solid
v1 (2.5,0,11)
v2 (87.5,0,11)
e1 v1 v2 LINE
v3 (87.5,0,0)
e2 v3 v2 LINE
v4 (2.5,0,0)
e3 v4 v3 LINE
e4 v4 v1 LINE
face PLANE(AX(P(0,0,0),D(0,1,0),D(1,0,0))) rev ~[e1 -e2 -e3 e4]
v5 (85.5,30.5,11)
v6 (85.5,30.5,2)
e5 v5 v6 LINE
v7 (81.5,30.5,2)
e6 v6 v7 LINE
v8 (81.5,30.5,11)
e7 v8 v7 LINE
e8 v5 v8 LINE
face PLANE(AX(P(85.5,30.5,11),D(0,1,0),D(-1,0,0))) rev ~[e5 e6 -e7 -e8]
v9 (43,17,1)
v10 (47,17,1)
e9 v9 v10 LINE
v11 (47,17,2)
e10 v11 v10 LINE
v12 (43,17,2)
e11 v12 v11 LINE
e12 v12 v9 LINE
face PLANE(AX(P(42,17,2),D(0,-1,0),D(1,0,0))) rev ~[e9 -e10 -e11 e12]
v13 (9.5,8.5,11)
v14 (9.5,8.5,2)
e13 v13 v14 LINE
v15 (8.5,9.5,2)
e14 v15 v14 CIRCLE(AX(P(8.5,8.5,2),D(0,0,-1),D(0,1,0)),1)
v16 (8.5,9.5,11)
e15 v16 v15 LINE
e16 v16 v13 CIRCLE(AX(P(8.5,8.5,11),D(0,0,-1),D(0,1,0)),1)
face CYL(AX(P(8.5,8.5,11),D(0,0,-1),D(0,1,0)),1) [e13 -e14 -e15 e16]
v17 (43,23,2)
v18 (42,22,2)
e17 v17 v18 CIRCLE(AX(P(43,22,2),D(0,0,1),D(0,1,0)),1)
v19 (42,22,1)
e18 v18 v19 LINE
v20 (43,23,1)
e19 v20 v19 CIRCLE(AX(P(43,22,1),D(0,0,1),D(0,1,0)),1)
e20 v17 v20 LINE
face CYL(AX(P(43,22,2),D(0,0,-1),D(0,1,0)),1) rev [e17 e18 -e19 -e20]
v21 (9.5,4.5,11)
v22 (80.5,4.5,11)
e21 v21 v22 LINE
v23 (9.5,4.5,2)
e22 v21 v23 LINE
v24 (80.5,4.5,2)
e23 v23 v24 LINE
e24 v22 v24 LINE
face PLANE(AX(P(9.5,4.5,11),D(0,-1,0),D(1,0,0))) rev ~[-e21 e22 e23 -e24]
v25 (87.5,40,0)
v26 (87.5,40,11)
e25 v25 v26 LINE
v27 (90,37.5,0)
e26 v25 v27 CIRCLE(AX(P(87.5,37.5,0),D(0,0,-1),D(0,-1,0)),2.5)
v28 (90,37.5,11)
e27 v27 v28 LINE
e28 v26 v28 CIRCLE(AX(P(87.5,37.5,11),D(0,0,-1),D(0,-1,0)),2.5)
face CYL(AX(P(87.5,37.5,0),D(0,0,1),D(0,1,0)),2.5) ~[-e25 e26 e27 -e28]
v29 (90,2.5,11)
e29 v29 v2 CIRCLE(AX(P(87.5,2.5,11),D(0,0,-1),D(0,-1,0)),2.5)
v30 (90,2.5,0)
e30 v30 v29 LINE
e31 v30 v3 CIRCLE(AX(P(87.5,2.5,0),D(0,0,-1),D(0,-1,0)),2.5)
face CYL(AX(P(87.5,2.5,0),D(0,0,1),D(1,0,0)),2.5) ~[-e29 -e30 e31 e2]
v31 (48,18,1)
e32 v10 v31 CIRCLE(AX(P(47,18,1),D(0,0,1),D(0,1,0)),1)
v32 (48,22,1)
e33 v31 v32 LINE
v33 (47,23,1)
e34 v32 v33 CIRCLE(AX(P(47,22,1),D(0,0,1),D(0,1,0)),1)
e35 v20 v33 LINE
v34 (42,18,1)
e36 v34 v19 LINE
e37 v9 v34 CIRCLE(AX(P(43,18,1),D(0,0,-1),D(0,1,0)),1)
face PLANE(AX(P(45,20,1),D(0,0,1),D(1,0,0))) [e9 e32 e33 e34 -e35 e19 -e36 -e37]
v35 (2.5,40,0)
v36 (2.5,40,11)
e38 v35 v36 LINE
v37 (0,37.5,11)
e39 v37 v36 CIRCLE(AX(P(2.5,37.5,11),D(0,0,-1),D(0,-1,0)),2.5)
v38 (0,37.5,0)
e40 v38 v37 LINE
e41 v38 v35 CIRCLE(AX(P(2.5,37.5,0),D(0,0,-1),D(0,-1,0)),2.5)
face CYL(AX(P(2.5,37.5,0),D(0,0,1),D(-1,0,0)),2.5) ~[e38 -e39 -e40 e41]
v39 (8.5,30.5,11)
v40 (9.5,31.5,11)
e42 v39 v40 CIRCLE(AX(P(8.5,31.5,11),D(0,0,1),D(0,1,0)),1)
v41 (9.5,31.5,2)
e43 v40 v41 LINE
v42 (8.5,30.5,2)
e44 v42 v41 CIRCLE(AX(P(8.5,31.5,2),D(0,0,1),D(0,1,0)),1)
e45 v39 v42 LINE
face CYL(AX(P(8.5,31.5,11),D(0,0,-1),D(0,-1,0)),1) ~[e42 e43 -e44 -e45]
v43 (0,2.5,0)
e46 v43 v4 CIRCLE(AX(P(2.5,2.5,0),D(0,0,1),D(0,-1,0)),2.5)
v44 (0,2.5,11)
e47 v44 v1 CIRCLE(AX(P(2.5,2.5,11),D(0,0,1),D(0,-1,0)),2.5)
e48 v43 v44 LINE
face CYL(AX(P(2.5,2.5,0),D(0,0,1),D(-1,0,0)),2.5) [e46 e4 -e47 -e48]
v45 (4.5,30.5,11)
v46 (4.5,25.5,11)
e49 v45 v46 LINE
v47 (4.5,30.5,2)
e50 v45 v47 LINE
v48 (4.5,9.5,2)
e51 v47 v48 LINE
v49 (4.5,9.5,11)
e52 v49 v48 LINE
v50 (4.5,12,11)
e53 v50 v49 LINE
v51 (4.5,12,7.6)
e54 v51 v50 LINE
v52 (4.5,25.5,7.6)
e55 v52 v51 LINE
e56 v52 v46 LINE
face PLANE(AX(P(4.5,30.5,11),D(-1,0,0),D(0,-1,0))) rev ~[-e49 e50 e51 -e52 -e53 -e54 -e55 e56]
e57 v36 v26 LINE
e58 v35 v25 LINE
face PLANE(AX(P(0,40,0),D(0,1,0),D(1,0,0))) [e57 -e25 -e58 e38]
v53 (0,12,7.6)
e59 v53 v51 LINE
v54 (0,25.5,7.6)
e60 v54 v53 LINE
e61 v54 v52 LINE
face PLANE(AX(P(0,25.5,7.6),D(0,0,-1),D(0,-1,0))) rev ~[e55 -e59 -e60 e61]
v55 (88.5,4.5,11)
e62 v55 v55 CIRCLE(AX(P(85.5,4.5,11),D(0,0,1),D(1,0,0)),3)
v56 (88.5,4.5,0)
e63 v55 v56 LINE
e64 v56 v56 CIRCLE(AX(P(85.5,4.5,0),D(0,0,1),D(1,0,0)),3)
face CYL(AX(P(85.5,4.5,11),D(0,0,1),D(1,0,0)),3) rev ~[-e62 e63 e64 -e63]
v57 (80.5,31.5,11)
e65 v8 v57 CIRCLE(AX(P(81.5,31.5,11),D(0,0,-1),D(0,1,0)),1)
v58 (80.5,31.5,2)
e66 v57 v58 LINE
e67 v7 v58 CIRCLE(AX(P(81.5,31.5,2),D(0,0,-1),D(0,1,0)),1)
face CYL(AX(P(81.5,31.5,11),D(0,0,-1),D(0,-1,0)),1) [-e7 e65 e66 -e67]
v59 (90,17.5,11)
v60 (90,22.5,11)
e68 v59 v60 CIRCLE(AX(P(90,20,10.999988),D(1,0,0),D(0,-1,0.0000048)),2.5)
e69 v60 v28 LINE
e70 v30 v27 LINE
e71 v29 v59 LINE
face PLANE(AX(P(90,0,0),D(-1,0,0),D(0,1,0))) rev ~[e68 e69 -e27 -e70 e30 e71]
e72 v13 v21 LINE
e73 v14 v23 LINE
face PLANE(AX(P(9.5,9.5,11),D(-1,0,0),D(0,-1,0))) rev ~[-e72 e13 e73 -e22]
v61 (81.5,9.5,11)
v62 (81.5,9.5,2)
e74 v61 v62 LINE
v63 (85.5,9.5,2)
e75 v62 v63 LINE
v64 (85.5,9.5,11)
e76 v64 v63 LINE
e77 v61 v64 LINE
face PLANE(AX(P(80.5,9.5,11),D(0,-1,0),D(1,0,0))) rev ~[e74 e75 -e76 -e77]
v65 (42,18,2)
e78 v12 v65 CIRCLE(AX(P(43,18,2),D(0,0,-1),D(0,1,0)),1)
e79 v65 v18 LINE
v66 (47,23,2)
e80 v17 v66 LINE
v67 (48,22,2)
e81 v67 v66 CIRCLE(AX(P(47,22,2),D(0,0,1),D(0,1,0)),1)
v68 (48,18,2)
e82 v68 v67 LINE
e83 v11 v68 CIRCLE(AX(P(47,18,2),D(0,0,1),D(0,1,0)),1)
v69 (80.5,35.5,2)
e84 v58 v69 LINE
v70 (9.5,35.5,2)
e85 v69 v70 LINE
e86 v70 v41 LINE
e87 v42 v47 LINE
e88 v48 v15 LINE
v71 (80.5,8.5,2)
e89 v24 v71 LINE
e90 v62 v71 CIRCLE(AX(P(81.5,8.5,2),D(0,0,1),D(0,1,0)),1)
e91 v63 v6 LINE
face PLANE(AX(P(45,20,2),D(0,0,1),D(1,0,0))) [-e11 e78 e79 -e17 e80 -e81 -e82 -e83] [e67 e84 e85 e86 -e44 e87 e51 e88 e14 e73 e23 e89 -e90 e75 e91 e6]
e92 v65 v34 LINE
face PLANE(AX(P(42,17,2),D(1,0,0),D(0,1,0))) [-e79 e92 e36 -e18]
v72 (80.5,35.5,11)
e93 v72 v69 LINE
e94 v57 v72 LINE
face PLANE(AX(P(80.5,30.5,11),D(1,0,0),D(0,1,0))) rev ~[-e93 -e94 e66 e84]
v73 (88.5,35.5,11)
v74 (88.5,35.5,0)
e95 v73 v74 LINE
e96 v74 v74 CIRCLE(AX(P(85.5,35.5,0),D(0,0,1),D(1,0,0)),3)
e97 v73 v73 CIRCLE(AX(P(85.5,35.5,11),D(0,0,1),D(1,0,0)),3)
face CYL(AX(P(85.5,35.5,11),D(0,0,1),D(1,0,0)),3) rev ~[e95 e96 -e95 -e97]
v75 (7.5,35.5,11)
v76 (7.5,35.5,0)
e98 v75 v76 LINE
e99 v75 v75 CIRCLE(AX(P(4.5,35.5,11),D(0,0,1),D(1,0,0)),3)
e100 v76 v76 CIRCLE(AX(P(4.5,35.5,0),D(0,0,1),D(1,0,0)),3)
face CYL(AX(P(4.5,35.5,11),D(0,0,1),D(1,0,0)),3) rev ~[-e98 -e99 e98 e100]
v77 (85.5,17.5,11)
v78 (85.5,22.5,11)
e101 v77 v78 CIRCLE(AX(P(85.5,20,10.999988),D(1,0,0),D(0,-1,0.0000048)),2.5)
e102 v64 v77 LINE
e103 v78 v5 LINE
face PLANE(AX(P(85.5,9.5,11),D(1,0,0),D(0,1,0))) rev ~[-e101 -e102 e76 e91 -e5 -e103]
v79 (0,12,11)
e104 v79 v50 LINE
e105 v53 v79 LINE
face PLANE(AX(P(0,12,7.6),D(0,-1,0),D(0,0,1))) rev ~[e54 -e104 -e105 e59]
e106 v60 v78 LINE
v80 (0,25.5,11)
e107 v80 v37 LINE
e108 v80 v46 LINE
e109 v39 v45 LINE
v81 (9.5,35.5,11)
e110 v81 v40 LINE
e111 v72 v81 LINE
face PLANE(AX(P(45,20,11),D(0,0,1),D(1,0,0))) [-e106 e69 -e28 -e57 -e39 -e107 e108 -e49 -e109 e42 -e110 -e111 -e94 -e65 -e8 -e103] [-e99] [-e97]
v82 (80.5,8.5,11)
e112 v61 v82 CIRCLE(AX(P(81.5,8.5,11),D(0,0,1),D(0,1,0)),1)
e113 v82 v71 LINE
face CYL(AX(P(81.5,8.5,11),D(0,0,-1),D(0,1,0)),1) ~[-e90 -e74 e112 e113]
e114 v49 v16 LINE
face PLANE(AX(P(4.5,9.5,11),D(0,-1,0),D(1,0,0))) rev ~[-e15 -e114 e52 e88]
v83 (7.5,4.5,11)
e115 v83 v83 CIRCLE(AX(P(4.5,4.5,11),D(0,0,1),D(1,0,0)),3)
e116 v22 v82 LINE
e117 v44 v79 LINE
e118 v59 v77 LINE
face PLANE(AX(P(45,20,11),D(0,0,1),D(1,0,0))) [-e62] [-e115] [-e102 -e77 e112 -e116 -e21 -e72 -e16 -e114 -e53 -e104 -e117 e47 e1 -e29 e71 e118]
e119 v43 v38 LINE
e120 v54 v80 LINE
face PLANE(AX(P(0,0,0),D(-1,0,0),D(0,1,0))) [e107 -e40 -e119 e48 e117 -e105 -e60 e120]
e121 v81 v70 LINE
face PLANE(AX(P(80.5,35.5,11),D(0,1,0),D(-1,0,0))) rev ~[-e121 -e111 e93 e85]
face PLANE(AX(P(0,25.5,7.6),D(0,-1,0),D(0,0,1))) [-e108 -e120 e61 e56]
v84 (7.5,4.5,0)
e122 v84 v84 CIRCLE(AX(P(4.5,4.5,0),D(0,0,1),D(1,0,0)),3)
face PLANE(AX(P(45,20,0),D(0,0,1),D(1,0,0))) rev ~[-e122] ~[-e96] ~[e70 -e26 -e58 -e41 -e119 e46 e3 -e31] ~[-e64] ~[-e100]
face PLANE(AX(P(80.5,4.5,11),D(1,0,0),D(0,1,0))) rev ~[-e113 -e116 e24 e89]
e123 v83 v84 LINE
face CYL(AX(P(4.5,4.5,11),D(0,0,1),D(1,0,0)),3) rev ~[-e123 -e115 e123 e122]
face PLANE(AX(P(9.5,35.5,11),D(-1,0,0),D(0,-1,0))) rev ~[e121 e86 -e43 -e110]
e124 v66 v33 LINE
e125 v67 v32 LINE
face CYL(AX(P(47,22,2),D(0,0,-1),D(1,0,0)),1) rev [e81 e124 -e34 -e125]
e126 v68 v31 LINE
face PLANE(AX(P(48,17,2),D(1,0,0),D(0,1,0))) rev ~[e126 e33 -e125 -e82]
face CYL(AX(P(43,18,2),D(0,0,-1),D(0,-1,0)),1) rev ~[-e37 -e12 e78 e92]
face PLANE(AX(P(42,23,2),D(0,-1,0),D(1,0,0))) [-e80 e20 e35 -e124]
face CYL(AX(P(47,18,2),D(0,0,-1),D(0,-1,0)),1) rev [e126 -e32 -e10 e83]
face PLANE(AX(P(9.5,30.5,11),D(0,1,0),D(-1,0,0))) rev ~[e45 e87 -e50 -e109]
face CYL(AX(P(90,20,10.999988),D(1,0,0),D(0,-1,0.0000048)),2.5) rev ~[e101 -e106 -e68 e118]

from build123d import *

# Parameters (mm, degrees)
SKETCH_W        = 90
SKETCH_H        = 40
PAD_DEPTH       = 11
POCKET_DEPTH    = 9
POCKET001_DEPTH = 6
SKETCH003_W     = 13.5
SKETCH003_H     = 3.4
POCKET002_DEPTH = 6
SKETCH005_R     = 3
HOLE_DEPTH      = 25
FILLET_R        = 1
FILLET001_R     = 2.5
SKETCH007_W     = 6
SKETCH007_H     = 6
POCKET003_DEPTH = 1
FILLET002_R     = 1


with BuildPart() as part:
    # Sketch → Pad (new body)
    with BuildSketch(Plane.XY):
        with Locations((45, 20)):
            Rectangle(SKETCH_W, SKETCH_H)
    extrude(amount=PAD_DEPTH)

    # Sketch001 (on Face6 of Pad) → Pocket (cut)
    with BuildSketch(Plane.XY.offset(11)):
        Polygon((4.5, 30.5), (4.5, 9.5), (9.5, 9.5), (9.5, 4.5), (80.5, 4.5), (80.5, 9.5), (85.5, 9.5), (85.5, 30.5), (80.5, 30.5), (80.5, 35.5), (9.5, 35.5), (9.5, 30.5), align=None)
    extrude(amount=-POCKET_DEPTH, mode=Mode.SUBTRACT)

    # Sketch002 (on Face6 of Pocket) → Pocket001 (cut)
    with BuildSketch(Plane.YZ.offset(90)):
        with BuildLine():
            ThreePointArc((17.5, 11), (20, 8.499988), (22.5, 11))
            Line((17.5, 11), (22.5, 11))
        make_face()
    extrude(amount=-POCKET001_DEPTH, mode=Mode.SUBTRACT)

    # Sketch003 (on Face1 of Pocket001) → Pocket002 (cut)
    with BuildSketch(Plane(origin=(0, 0, 0), x_dir=(0, -1, 0), z_dir=(-1, 0, 0))):
        with Locations((-18.75, 9.3)):
            Rectangle(SKETCH003_W, SKETCH003_H)
    extrude(amount=-POCKET002_DEPTH, mode=Mode.SUBTRACT)

    # Sketch005 (on Face8 of Pocket002) → Hole (cut)
    with BuildSketch(Plane.XY.offset(11)):
        with Locations((4.5, 35.5)):
            Circle(SKETCH005_R)
        with Locations((4.5, 4.5)):
            Circle(SKETCH005_R)
        with Locations((85.5, 35.5)):
            Circle(SKETCH005_R)
        with Locations((85.5, 4.5)):
            Circle(SKETCH005_R)
    extrude(amount=-HOLE_DEPTH, mode=Mode.SUBTRACT)

    # Fillet
    fillet_edges = [part.edges().sort_by_distance(p)[0] for p in [
        (9.5, 30.5, 6.5),
        (80.5, 30.5, 6.5),
        (9.5, 9.5, 6.5),
        (80.5, 9.5, 6.5),
    ]]
    fillet(fillet_edges, radius=FILLET_R)

    # Fillet001
    fillet001_edges = [part.edges().sort_by_distance(p)[0] for p in [
        (0, 40, 5.5),
        (90, 40, 5.5),
        (90, 0, 5.5),
        (0, 0, 5.5),
    ]]
    fillet(fillet001_edges, radius=FILLET001_R)

    # Sketch007 (on Face25 of Fillet001) → Pocket003 (cut)
    with BuildSketch(Plane.XY.offset(2)):
        with Locations((45, 20)):
            Rectangle(SKETCH007_W, SKETCH007_H)
    extrude(amount=-POCKET003_DEPTH, mode=Mode.SUBTRACT)

    # Fillet002
    fillet002_edges = [part.edges().sort_by_distance(p)[0] for p in [
        (48, 23, 1.5),
        (42, 23, 1.5),
        (42, 17, 1.5),
        (48, 17, 1.5),
    ]]
    fillet(fillet002_edges, radius=FILLET002_R)


solid = part.part
